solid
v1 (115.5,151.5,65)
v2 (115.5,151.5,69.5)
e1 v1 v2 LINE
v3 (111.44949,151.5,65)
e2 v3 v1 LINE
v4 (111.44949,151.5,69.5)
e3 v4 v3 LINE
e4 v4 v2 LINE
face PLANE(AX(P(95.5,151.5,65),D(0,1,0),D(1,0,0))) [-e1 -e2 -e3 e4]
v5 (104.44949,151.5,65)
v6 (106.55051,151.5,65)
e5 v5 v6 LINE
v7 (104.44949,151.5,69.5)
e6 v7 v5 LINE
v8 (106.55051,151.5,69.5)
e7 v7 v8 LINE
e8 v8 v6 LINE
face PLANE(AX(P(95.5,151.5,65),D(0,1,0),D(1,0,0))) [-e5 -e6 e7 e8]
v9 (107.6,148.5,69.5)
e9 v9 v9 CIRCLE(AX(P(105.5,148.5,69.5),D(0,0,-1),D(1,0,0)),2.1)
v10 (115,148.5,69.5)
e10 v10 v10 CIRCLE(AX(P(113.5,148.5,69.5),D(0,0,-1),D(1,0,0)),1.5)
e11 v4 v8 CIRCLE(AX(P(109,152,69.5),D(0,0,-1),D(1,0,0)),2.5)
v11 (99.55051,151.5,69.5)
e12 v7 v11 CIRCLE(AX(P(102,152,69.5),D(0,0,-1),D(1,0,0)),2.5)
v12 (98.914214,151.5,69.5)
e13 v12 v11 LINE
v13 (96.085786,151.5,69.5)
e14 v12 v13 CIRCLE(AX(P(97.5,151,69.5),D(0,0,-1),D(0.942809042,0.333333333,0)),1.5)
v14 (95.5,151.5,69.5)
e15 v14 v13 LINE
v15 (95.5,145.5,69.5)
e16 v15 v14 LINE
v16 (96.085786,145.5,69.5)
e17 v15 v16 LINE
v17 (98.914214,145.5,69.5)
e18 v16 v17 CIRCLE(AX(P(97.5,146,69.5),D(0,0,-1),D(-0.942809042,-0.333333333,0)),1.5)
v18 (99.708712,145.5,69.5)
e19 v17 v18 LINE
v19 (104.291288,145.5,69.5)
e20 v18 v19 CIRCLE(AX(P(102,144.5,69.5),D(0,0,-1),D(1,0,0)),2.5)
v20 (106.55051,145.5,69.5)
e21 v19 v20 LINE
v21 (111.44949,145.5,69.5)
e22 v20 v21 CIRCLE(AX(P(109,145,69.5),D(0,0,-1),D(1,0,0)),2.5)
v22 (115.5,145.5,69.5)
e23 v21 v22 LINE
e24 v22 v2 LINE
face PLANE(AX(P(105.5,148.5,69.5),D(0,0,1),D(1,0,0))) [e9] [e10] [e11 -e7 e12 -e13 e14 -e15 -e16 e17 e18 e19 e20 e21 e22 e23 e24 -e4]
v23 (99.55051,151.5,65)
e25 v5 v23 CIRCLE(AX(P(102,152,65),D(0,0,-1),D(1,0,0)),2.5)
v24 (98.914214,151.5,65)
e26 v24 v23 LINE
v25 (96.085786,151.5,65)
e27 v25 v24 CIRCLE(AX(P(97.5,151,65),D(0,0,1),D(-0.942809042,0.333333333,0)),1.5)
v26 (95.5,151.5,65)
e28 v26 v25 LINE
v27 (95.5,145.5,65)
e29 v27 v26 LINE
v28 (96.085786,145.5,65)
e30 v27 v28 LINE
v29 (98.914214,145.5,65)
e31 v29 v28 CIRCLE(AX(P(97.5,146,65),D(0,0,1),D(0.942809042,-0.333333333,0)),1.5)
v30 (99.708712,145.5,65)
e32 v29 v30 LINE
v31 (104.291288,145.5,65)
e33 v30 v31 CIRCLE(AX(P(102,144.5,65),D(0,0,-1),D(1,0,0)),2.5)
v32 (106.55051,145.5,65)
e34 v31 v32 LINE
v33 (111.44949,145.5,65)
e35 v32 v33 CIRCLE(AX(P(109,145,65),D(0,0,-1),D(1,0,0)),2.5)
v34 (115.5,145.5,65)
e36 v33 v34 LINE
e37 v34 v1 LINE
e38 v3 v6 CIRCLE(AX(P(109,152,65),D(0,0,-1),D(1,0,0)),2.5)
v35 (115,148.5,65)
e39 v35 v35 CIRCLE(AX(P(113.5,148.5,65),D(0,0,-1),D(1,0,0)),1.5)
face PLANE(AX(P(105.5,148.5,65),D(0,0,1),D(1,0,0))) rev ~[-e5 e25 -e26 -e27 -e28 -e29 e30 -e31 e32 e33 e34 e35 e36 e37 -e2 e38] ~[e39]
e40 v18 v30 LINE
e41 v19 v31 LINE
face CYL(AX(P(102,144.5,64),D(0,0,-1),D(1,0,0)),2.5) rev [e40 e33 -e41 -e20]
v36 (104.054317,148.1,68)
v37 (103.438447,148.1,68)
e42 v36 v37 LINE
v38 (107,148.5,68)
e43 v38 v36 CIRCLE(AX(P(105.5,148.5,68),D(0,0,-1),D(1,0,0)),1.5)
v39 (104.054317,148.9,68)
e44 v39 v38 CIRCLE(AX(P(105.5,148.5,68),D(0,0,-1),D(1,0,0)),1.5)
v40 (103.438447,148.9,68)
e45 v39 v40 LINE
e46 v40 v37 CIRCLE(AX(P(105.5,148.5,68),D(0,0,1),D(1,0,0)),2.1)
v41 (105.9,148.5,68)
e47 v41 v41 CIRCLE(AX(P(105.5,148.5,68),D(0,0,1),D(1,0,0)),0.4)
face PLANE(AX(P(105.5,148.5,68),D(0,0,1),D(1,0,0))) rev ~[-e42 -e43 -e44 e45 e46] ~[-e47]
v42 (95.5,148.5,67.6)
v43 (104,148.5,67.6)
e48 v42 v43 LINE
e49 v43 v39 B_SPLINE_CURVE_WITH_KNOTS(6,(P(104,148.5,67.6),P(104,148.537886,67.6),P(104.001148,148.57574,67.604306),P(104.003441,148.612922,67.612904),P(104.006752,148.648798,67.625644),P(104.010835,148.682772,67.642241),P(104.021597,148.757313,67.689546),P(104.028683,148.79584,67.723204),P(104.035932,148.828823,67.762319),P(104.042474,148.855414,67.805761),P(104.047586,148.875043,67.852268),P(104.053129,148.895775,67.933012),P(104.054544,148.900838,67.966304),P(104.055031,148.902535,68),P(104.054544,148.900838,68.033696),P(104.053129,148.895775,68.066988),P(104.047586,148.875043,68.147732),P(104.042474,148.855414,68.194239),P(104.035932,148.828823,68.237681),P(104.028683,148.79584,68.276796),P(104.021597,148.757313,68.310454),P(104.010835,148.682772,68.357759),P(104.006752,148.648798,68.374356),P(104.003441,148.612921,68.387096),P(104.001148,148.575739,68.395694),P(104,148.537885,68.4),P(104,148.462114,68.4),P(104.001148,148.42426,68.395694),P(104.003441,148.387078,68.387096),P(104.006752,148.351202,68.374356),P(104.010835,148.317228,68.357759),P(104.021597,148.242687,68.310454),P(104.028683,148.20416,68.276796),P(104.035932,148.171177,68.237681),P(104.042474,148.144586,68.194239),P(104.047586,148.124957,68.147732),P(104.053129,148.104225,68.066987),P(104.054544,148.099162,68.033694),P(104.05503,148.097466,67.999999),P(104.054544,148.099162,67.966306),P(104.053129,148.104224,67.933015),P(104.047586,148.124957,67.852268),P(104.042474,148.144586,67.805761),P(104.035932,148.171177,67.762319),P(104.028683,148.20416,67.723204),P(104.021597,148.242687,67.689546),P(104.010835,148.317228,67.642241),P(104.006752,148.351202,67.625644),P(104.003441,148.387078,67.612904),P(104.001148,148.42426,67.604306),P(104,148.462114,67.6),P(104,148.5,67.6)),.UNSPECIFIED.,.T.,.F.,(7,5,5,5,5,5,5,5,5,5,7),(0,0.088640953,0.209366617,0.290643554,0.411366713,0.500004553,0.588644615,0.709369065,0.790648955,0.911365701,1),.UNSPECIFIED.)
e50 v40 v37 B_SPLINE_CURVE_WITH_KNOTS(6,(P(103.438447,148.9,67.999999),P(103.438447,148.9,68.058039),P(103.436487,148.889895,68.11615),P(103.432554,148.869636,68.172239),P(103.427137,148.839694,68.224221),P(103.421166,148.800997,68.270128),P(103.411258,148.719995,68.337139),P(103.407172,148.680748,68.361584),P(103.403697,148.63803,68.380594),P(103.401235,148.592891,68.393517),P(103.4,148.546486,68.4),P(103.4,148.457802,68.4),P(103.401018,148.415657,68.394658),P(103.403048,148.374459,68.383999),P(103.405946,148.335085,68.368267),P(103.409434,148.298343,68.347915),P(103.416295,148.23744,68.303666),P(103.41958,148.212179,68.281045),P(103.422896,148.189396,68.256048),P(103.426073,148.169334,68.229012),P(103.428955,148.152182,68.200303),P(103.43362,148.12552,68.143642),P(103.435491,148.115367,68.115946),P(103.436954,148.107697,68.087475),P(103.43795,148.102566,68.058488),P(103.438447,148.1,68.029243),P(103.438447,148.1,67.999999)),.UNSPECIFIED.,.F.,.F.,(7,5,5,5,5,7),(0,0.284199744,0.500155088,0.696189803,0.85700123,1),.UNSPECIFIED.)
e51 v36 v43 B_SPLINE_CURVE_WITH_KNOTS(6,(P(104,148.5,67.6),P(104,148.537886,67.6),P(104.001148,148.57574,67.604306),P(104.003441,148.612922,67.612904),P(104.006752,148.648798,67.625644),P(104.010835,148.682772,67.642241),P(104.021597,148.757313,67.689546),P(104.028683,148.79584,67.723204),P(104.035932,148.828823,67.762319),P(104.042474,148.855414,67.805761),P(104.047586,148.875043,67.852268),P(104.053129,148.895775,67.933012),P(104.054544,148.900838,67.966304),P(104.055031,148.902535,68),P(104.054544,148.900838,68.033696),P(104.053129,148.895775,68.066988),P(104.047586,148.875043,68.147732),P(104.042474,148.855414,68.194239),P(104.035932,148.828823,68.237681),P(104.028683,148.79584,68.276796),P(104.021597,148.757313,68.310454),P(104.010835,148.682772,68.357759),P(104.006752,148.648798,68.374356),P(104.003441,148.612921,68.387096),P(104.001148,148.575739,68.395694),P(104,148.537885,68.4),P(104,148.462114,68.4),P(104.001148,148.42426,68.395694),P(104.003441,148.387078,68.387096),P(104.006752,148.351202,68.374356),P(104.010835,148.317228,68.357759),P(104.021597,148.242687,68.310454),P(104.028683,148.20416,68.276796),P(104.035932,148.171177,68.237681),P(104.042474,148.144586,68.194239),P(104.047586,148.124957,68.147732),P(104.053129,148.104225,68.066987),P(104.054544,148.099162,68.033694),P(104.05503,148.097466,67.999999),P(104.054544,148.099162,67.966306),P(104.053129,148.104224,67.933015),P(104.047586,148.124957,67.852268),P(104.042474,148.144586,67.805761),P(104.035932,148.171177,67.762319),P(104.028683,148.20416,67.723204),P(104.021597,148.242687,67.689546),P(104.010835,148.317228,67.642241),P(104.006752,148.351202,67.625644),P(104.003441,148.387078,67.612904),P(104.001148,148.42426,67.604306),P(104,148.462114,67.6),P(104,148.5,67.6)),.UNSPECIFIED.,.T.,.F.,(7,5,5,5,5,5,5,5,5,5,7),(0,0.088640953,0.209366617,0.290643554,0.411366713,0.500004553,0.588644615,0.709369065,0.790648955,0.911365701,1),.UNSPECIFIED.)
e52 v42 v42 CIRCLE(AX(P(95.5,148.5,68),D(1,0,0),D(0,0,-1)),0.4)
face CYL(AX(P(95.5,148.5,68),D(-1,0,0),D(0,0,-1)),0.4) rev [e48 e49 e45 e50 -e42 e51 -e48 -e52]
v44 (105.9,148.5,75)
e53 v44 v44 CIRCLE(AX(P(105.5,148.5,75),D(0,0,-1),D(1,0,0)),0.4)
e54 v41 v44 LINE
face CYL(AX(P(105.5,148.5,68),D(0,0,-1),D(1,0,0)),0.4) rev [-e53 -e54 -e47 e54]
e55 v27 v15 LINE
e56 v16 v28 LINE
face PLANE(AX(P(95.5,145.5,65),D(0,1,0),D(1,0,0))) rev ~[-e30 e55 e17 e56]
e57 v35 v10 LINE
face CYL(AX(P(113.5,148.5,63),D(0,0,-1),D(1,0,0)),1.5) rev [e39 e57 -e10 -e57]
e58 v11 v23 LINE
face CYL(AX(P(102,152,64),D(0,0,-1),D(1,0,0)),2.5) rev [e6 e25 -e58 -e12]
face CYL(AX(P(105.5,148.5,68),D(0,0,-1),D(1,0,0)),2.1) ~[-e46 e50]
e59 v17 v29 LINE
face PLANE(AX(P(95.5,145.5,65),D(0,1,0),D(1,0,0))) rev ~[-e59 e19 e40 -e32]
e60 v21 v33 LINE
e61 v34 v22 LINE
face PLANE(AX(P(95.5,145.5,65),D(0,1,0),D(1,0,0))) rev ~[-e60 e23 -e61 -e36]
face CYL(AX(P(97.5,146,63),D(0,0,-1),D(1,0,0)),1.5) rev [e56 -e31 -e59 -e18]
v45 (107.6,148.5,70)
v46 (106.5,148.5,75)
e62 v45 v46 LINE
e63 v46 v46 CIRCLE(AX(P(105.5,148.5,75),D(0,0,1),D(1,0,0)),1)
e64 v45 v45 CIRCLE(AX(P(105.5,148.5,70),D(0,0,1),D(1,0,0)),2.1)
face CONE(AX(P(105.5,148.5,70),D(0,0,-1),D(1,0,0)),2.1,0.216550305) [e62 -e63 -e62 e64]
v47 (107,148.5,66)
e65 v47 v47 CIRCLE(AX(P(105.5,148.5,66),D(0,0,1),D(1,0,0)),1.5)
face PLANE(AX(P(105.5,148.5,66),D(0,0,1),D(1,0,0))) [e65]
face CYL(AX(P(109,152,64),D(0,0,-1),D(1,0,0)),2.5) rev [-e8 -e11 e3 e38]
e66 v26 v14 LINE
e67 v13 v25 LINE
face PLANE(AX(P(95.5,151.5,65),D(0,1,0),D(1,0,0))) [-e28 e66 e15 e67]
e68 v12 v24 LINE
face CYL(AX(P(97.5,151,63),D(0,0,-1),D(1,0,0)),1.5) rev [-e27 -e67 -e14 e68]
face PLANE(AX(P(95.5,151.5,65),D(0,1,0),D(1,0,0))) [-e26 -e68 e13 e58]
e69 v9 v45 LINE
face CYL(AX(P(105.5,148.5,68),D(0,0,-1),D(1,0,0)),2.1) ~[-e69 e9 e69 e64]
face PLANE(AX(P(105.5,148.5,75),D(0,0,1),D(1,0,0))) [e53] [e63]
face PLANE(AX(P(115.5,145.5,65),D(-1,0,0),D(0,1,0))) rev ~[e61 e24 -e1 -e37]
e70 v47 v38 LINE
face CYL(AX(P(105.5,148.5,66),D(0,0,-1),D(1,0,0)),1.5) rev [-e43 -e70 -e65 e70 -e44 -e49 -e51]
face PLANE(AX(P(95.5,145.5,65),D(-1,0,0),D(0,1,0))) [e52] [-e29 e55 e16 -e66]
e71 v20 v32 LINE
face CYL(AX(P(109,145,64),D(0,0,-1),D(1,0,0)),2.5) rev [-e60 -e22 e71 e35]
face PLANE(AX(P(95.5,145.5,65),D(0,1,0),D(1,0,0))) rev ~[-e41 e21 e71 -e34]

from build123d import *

# Parameters (mm, degrees)
CYLINDER119_R           = 1.5
CYLINDER119_DEPTH       = 8
CYLINDER121_R           = 2.5
CYLINDER121_DEPTH       = 8
CYLINDER122_R           = 2.5
CYLINDER122_DEPTH       = 8
CYLINDER123_R           = 2.5
CYLINDER123_DEPTH       = 8
CYLINDER124_R           = 2.5
CYLINDER124_DEPTH       = 8
CYLINDER126_R           = 2.1
CYLINDER126_DEPTH       = 5
CYLINDER118_R           = 1.5
CYLINDER118_DEPTH       = 8
CYLINDER128_R           = 0.4
CYLINDER128_DEPTH       = 9
CYLINDER128_PITCH_ANGLE = 90
BOX023_W                = 3
BOX023_H                = 6
BOX023_DEPTH            = 4.5
CYLINDER127_R           = 1.5
CYLINDER127_DEPTH       = 8
CYLINDER120_R           = 1.5
CYLINDER120_DEPTH       = 8
BOX021_W                = 20
BOX021_H                = 6
BOX021_DEPTH            = 4.5
CYLINDER129_R           = 0.4
CYLINDER129_DEPTH       = 10
CYLINDER130_R           = 2.1
CYLINDER130_DEPTH       = 2


with BuildPart() as bowtiemount1:
    # Cylinder119 → Cylinder119 (new body)
    with BuildSketch(Plane(origin=(114, 151, 63), x_dir=(1, 0, 0), z_dir=(0, 0, 1))):
        Circle(CYLINDER119_R)
    extrude(amount=CYLINDER119_DEPTH)


with BuildPart() as bowtiecut1:
    # Cylinder121 → Cylinder121 (new body)
    with BuildSketch(Plane(origin=(125.5, 145, 64), x_dir=(1, 0, 0), z_dir=(0, 0, 1))):
        Circle(CYLINDER121_R)
    extrude(amount=CYLINDER121_DEPTH)


with BuildPart() as bowtiecut2:
    # Cylinder122 → Cylinder122 (new body)
    with BuildSketch(Plane(origin=(125.5, 152, 64), x_dir=(1, 0, 0), z_dir=(0, 0, 1))):
        Circle(CYLINDER122_R)
    extrude(amount=CYLINDER122_DEPTH)


with BuildPart() as bowtiecut3:
    # Cylinder123 → Cylinder123 (new body)
    with BuildSketch(Plane(origin=(118.5, 152, 64), x_dir=(1, 0, 0), z_dir=(0, 0, 1))):
        Circle(CYLINDER123_R)
    extrude(amount=CYLINDER123_DEPTH)


with BuildPart() as bowtiecut4:
    # Cylinder124 → Cylinder124 (new body)
    with BuildSketch(Plane(origin=(118.5, 144.5, 64), x_dir=(1, 0, 0), z_dir=(0, 0, 1))):
        Circle(CYLINDER124_R)
    extrude(amount=CYLINDER124_DEPTH)


with BuildPart() as bowtienozzlecut:
    # Cylinder126 → Cylinder126 (new body)
    with BuildSketch(Plane(origin=(122, 148.5, 68.5), x_dir=(1, 0, 0), z_dir=(0, 0, 1))):
        Circle(CYLINDER126_R)
    extrude(amount=CYLINDER126_DEPTH)


with BuildPart() as bowtiecruciblehole:
    # Cylinder118 → Cylinder118 (new body)
    with BuildSketch(Plane(origin=(122, 148.5, 66), x_dir=(1, 0, 0), z_dir=(0, 0, 1))):
        Circle(CYLINDER118_R)
    extrude(amount=CYLINDER118_DEPTH)


with BuildPart() as bowtieinjector:
    # Cylinder128 → Cylinder128 (new body)
    with BuildSketch(Plane.XY):
        Circle(CYLINDER128_R)
    extrude(amount=CYLINDER128_DEPTH)


with BuildPart() as bowtieinjector_1:
    # Cylinder128 pitch: moved
    add(bowtieinjector.part.rotate(Axis((0, 0, 0), (0, 1, 0)), CYLINDER128_PITCH_ANGLE))


with BuildPart() as bowtieinjector_2:
    # Cylinder128 placement: moved
    add(bowtieinjector_1.part.moved(Location((112, 148.5, 68))))


with BuildPart() as bowtiecut5:
    # Box023 → Box023 (new body)
    with BuildSketch(Plane(origin=(125, 145.5, 73), x_dir=(1, 0, 0), z_dir=(0, 0, 1))):
        with Locations((1.5, 3)):
            Rectangle(BOX023_W, BOX023_H)
    extrude(amount=BOX023_DEPTH)


with BuildPart() as bowtiemount007:
    # Cylinder127 → Cylinder127 (new body)
    with BuildSketch(Plane(origin=(114, 146, 63), x_dir=(1, 0, 0), z_dir=(0, 0, 1))):
        Circle(CYLINDER127_R)
    extrude(amount=CYLINDER127_DEPTH)


with BuildPart() as fusion050:
    # Cylinder120 → Cylinder120 (new body)
    with BuildSketch(Plane(origin=(130, 148.5, 63), x_dir=(1, 0, 0), z_dir=(0, 0, 1))):
        Circle(CYLINDER120_R)
    extrude(amount=CYLINDER120_DEPTH)

    # Fusion050: union BowTieMount1, BowTieCut1, BowTieCut2, BowTieCut3, BowTieCut4, BowTieNozzleCut, BowTieCrucibleHole, BowTieInjector, BowTieCut5, BowTieMount007
    add(bowtiemount1.part)
    add(bowtiecut1.part)
    add(bowtiecut2.part)
    add(bowtiecut3.part)
    add(bowtiecut4.part)
    add(bowtienozzlecut.part)
    add(bowtiecruciblehole.part)
    add(bowtieinjector_2.part)
    add(bowtiecut5.part)
    add(bowtiemount007.part)


with BuildPart() as bowtie:
    # Box021 → Box021 (new body)
    with BuildSketch(Plane(origin=(112, 145.5, 65), x_dir=(1, 0, 0), z_dir=(0, 0, 1))):
        with Locations((10, 3)):
            Rectangle(BOX021_W, BOX021_H)
    extrude(amount=BOX021_DEPTH)

    # Cut015: cut Fusion050
    add(fusion050.part, mode=Mode.SUBTRACT)


with BuildPart() as bowtie_1:
    # Cut015 placement: moved
    add(bowtie.part.moved(Location((-16.5, 0, 0))))


with BuildPart() as bowtienozzle001:
    # Cylinder129 → Cylinder129 (new body)
    with BuildSketch(Plane(origin=(122, 148.5, 68), x_dir=(1, 0, 0), z_dir=(0, 0, 1))):
        Circle(CYLINDER129_R)
    extrude(amount=CYLINDER129_DEPTH)


with BuildPart() as cone:
    # Cone → Cone (revolve)
    with BuildSketch(Plane(origin=(122, 148.5, 70), x_dir=(1, 0, 0), z_dir=(0, -1, 0))):
        Polygon((0, 0), (2.1, 0), (1, 5), (0, 5), align=None)
    revolve(axis=Axis((122, 148.5, 70), (0, 0, 1)))


with BuildPart() as fusion055:
    # Cylinder130 → Cylinder130 (new body)
    with BuildSketch(Plane(origin=(122, 148.5, 68), x_dir=(1, 0, 0), z_dir=(0, 0, 1))):
        Circle(CYLINDER130_R)
    extrude(amount=CYLINDER130_DEPTH)

    # Fusion051: union Cone
    add(cone.part)

    # Cut016: cut BowTieNozzle001
    add(bowtienozzle001.part, mode=Mode.SUBTRACT)


with BuildPart() as fusion055_1:
    # Cut016 placement: moved
    add(fusion055.part.moved(Location((-16.5, 0, 0))))

    # Fusion055: union BowTie
    add(bowtie_1.part)


solid = fusion055_1.part
